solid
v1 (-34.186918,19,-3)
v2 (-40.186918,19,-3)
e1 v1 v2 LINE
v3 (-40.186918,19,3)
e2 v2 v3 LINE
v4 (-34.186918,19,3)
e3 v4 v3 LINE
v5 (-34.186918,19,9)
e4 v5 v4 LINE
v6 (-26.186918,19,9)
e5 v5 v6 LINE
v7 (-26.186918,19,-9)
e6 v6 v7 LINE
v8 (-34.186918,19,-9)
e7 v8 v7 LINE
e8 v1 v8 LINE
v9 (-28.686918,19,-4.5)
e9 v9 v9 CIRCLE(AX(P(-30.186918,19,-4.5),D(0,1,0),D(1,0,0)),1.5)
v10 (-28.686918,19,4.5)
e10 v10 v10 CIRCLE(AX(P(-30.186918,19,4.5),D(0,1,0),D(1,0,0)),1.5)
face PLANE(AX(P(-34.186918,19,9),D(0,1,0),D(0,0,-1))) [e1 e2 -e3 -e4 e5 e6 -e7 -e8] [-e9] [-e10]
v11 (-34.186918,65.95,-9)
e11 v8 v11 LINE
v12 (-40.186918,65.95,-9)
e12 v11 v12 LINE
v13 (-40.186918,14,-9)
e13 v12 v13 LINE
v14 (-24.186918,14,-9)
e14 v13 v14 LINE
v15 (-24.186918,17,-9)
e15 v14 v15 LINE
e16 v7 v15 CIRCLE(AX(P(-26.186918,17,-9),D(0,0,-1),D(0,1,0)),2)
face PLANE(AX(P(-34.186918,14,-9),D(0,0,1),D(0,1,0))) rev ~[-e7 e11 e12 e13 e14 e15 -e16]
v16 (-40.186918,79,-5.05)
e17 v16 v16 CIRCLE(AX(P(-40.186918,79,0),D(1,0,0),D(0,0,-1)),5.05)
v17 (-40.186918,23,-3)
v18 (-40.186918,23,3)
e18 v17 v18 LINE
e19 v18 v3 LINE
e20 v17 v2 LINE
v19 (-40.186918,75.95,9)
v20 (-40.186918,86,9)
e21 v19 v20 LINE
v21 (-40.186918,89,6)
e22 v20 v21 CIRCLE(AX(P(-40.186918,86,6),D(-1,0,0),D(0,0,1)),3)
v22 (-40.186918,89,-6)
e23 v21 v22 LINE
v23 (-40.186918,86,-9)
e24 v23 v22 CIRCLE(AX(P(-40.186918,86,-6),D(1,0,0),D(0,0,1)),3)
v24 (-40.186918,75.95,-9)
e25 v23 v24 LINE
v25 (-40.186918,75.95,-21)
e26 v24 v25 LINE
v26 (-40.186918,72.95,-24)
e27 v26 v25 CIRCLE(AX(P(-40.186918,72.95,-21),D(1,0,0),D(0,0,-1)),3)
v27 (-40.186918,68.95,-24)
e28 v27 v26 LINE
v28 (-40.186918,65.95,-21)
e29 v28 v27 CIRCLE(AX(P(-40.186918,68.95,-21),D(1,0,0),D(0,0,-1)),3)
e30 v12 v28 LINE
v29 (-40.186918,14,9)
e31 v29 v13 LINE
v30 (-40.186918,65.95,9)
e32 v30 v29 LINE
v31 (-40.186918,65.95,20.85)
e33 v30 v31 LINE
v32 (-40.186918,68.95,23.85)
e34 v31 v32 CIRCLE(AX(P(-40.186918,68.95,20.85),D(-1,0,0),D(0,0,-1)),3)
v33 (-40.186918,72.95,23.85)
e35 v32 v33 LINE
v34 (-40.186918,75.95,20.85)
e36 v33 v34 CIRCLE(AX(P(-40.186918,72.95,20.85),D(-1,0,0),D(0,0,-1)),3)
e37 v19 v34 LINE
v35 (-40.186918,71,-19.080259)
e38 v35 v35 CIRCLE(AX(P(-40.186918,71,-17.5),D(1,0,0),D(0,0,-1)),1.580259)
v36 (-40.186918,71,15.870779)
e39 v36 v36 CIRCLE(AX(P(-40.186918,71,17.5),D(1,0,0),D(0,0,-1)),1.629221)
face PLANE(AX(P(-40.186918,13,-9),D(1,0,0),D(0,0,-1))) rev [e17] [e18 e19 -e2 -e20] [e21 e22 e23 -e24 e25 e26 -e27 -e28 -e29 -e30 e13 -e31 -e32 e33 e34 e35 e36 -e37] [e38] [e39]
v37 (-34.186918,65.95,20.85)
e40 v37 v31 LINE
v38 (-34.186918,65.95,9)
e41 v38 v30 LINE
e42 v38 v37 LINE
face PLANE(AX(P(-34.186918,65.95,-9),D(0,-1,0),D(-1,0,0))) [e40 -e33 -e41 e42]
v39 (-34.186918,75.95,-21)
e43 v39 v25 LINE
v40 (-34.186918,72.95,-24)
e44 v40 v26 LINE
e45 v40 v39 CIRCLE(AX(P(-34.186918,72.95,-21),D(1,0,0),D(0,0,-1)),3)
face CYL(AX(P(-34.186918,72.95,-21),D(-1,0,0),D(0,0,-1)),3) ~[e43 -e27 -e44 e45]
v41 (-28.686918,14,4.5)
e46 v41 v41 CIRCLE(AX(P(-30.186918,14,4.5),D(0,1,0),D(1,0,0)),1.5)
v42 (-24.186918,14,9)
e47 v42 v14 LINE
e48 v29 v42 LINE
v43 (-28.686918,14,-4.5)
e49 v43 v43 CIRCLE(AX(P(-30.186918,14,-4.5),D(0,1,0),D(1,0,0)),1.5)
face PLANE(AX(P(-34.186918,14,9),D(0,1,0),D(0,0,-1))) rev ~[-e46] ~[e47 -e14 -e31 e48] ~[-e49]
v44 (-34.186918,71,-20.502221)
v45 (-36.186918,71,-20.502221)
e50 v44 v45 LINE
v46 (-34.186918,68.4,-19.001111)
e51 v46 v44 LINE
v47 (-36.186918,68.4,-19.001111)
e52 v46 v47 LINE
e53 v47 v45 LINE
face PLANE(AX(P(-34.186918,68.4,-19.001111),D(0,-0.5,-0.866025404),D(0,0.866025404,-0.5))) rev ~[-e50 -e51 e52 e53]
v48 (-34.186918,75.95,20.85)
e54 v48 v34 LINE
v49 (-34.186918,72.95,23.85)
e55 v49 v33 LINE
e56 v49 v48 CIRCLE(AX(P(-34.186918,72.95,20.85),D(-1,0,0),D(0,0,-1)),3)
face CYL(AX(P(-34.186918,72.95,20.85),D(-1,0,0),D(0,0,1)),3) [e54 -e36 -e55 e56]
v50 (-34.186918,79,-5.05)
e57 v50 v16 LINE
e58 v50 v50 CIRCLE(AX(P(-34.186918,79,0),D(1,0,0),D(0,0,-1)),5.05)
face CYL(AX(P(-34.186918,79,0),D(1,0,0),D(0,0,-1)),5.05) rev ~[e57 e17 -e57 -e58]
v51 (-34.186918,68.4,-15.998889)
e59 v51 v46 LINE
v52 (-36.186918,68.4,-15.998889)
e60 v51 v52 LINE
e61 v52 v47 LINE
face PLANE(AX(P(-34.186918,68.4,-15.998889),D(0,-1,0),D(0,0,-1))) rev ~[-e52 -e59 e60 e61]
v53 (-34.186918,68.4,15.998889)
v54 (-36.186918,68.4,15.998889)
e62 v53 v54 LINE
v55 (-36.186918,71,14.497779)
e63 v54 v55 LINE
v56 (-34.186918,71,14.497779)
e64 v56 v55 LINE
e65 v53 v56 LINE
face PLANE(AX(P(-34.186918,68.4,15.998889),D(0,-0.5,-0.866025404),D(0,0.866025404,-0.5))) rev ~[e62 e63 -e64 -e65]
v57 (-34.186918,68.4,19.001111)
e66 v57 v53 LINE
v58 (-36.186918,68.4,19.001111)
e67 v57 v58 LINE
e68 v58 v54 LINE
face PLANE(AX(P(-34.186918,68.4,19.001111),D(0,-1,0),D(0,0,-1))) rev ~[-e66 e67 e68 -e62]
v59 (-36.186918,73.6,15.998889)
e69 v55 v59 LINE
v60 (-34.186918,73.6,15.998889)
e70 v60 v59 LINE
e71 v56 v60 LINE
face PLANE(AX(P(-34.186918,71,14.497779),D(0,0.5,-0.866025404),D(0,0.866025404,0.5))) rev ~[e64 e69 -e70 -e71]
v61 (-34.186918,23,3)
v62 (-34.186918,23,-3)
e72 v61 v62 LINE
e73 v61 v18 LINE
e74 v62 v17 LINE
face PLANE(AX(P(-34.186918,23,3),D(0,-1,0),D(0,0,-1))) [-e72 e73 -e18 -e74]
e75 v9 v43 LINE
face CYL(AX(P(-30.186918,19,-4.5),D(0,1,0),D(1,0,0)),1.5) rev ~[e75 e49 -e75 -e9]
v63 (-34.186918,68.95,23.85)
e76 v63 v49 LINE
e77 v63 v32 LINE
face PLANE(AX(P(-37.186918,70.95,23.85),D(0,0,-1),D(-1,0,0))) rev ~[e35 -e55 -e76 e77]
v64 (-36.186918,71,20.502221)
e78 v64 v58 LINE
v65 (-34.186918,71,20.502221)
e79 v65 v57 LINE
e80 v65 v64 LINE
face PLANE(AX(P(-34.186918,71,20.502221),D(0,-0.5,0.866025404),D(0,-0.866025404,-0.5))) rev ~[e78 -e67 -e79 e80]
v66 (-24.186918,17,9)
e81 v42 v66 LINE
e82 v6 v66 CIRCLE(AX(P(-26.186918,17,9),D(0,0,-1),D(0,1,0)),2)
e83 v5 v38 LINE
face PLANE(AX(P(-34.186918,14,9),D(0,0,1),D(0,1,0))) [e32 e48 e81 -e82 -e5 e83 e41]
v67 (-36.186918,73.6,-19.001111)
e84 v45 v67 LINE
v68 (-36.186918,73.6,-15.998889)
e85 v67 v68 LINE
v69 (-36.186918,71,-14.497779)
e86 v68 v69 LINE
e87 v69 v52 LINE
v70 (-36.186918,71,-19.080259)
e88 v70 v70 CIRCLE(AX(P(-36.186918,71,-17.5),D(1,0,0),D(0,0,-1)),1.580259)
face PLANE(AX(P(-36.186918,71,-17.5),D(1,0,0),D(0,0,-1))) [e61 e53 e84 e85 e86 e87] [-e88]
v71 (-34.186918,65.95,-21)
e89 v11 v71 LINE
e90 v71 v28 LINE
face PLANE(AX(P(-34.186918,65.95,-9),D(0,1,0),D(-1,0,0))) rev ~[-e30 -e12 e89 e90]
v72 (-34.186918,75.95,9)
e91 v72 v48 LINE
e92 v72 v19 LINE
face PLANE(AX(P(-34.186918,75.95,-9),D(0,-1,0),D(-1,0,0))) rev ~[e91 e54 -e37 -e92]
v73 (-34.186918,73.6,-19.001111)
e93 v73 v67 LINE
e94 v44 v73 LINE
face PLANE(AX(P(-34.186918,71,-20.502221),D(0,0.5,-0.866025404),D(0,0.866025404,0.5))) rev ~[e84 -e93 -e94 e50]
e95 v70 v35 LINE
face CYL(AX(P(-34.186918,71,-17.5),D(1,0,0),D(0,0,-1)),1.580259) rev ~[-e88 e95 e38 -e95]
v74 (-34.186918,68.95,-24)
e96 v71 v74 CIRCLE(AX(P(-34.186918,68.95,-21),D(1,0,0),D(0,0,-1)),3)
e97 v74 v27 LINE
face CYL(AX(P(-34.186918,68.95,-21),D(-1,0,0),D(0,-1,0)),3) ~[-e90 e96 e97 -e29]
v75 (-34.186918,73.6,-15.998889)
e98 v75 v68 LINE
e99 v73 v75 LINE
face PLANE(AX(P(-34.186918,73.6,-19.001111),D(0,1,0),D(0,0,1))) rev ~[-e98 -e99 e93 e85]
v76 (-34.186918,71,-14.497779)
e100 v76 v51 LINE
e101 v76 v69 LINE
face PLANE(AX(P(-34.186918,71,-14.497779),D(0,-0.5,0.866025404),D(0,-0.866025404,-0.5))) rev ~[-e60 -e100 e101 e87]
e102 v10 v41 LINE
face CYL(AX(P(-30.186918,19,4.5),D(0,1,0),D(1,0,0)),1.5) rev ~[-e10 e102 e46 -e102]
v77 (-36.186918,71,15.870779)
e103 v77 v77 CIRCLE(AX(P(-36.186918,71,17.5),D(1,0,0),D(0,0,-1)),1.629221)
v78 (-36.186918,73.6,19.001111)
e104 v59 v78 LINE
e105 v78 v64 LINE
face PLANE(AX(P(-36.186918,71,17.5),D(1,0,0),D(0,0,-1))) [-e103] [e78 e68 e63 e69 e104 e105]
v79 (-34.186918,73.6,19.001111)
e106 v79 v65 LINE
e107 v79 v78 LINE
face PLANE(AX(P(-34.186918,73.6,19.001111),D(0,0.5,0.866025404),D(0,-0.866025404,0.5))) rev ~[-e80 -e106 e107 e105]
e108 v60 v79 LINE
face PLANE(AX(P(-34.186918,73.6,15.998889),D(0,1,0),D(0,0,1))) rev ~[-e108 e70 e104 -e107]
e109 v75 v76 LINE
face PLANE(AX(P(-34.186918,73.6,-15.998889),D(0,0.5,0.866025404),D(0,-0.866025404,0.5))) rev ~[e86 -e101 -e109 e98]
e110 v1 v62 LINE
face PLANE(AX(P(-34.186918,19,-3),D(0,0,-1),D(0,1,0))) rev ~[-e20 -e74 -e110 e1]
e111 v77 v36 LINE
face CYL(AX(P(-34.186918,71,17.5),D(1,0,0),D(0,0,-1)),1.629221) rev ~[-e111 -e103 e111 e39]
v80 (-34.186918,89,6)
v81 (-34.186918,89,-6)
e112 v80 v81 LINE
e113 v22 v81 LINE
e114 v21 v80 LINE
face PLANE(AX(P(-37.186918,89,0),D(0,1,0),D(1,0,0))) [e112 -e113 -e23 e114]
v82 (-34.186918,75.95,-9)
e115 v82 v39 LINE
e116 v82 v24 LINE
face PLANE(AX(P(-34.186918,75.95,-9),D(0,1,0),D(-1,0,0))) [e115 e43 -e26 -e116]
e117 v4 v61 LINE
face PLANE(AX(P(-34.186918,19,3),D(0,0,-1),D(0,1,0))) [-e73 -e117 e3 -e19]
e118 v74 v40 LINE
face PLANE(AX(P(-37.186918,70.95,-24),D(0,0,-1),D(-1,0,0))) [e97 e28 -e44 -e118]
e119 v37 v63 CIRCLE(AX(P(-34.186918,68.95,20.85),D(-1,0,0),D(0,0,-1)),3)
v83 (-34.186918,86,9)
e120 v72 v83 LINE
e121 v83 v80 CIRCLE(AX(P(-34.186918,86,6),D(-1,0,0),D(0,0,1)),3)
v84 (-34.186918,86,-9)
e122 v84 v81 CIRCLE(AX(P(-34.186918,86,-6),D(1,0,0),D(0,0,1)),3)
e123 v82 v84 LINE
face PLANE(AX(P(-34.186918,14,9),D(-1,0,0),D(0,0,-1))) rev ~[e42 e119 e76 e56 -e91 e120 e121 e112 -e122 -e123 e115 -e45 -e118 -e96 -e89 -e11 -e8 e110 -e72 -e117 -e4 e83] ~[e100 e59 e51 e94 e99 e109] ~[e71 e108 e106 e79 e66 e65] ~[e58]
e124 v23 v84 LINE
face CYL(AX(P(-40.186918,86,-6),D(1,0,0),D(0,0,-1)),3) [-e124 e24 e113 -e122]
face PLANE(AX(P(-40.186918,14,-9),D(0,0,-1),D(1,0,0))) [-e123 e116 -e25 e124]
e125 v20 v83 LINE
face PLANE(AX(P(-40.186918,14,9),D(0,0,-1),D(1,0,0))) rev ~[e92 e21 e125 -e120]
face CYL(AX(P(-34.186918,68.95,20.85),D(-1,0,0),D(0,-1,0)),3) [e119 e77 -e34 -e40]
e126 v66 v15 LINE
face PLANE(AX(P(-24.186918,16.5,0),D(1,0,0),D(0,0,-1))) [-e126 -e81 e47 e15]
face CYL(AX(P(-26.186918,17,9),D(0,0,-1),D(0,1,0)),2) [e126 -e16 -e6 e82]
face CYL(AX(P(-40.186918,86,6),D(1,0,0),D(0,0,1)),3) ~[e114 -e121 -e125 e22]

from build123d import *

# Parameters (mm, degrees)
SKETCH1_R                 = 17.45
SKETCH1_R_2               = 12.45
BOSS_EXTRUDE1_DEPTH       = 8
SKETCH2_R                 = 20
SKETCH2_R_2               = 12.45
BOSS_EXTRUDE2_DEPTH       = 2
SKETCH3_R                 = 32.5
SKETCH3_R_2               = 12.45
BOSS_EXTRUDE3_DEPTH       = 4
FILLET1_R                 = 1
BOSS_EXTRUDE6_START       = -4
SKETCH10_W                = 10
SKETCH10_H                = 18
BOSS_EXTRUDE6_DEPTH       = 4
SKETCH4_W                 = 6
SKETCH4_H                 = 18
BOSS_EXTRUDE4_DEPTH       = 75
BOSS_EXTRUDE4_DEPTH_BACK  = 4
SKETCH5_R                 = 5.05
CUT_EXTRUDE1_DEPTH        = 306
CUT_EXTRUDE1_DEPTH_BACK   = 113
SKETCH6_W                 = 6
SKETCH6_H                 = 10
BOSS_EXTRUDE5_DEPTH       = 15
BOSS_EXTRUDE5_DEPTH_BACK  = 32.85
SKETCH7_R                 = 1.629220746
SKETCH7_R_2               = 1.580258945
CUT_EXTRUDE2_DEPTH        = 10
SKETCH9_R                 = 5.05
CUT_EXTRUDE3_DEPTH        = 10
CUT_EXTRUDE3_DEPTH_BACK   = 10
SKETCH11_W                = 9.782596874
SKETCH11_H                = 3.234517514
CUT_EXTRUDE4_DEPTH        = 123
CUT_EXTRUDE4_DEPTH_BACK   = 61
FILLET4_R                 = 3
FILLET5_R                 = 3
SKETCH12_W                = 108.791398151
SKETCH12_H                = 24.041848298
CUT_EXTRUDE5_DEPTH        = 110.678
SKETCH15_R                = 22
CUT_EXTRUDE7_DEPTH        = 4
SKETCH13_R                = 22
SKETCH13_R_2              = 11
SKETCH13_R_3              = 2.75
BOSS_EXTRUDE7_DEPTH       = 4
FILLET6_R                 = 3
CUT_EXTRUDE8_DEPTH        = 5
FILLET7_R                 = 1
BOSS_EXTRUDE8_START       = -3
BOSS_EXTRUDE8_DEPTH       = 9.4
FILLET8_R                 = 3
FILLET8_OF_MIRROR2_R      = 3
CUT_EXTRUDE12_START       = -6
SKETCH21_R                = 6.05
CUT_EXTRUDE12_DEPTH       = 3.8
SKETCH18_W                = 88.746975794
SKETCH18_H                = 20.386854219
CUT_EXTRUDE9_DEPTH        = 10
SKETCH19_W                = 6
SKETCH19_H                = 10.45
BOSS_EXTRUDE9_DEPTH       = 5
FILLET9_R                 = 2
CUT_EXTRUDE13_DEPTH       = 2
SKETCH23_R                = 1
CUT_EXTRUDE14_DEPTH       = 11
CUT_EXTRUDE16_DEPTH       = 1.7
CUT_EXTRUDE17_DEPTH       = 30
CUT_EXTRUDE17_DEPTH_BACK  = 70
SKETCH27_W                = 18
SKETCH27_H                = 5
BOSS_EXTRUDE10_DEPTH      = 10
BOSS_EXTRUDE10_DEPTH_BACK = 6
FILLET10_R                = 2
SKETCH28_W                = 6
SKETCH28_H                = 4
CUT_EXTRUDE18_DEPTH       = 10
SKETCH29_R                = 1.5
CUT_EXTRUDE19_DEPTH       = 100


with BuildPart() as part:
    # Sketch1 → Boss-Extrude1 (new body)
    with BuildSketch(Plane(origin=(0, 0, 0), x_dir=(1, 0, 0), z_dir=(0, 1, 0))):
        Circle(SKETCH1_R)
        Circle(SKETCH1_R_2, mode=Mode.SUBTRACT)
    extrude(amount=BOSS_EXTRUDE1_DEPTH)

    # Sketch2 → Boss-Extrude2 (add)
    with BuildSketch(Plane(origin=(0, 8, 0), x_dir=(1, 0, 0), z_dir=(0, 1, 0))):
        Circle(SKETCH2_R)
        Circle(SKETCH2_R_2, mode=Mode.SUBTRACT)
    extrude(amount=BOSS_EXTRUDE2_DEPTH)

    # Sketch3 → Boss-Extrude3 (add)
    with BuildSketch(Plane(origin=(0, 10, 0), x_dir=(1, 0, 0), z_dir=(0, 1, 0))):
        Circle(SKETCH3_R)
        Circle(SKETCH3_R_2, mode=Mode.SUBTRACT)
    extrude(amount=BOSS_EXTRUDE3_DEPTH)

    # Fillet1
    fillet1_edges = [part.edges().sort_by_distance(p)[0] for p in [
        (-32.5, 14, 0),
    ]]
    fillet(fillet1_edges, radius=FILLET1_R)

    # Sketch10 → Boss-Extrude6 (add)
    with BuildSketch(Plane(origin=(0, 14, 0), x_dir=(1, 0, 0), z_dir=(0, 1, 0)).offset(BOSS_EXTRUDE6_START)):
        with Locations((35.186917696, 0)):
            Rectangle(SKETCH10_W, SKETCH10_H)
        with Locations((-35.186917696, 0)):
            Rectangle(SKETCH10_W, SKETCH10_H)
    extrude(amount=BOSS_EXTRUDE6_DEPTH)

    # Sketch4 → Boss-Extrude4 (add, two sides)
    with BuildSketch(Plane(origin=(0, 14, 0), x_dir=(1, 0, 0), z_dir=(0, 1, 0))) as boss_extrude4_sk:
        with Locations((-37.186917696, 0)):
            Rectangle(SKETCH4_W, SKETCH4_H)
        with Locations((37.186917696, 0)):
            Rectangle(SKETCH4_W, SKETCH4_H)
    extrude(amount=BOSS_EXTRUDE4_DEPTH)
    extrude(boss_extrude4_sk.sketch, amount=-BOSS_EXTRUDE4_DEPTH_BACK)

    # Sketch5 → Cut-Extrude1 (cut, two sides)
    with BuildSketch(Plane.ZY.offset(-34.186917696)) as cut_extrude1_sk:
        with Locations((0, 79)):
            Circle(SKETCH5_R)
    extrude(amount=CUT_EXTRUDE1_DEPTH, mode=Mode.SUBTRACT)
    extrude(cut_extrude1_sk.sketch, amount=-CUT_EXTRUDE1_DEPTH_BACK, mode=Mode.SUBTRACT)

    # Sketch6 → Boss-Extrude5 (add, two sides)
    with BuildSketch(Plane(origin=(0, 0, -9), x_dir=(-1, 0, 0), z_dir=(0, 0, -1))) as boss_extrude5_sk:
        with Locations((37.186917696, 70.95)):
            Rectangle(SKETCH6_W, SKETCH6_H)
    extrude(amount=BOSS_EXTRUDE5_DEPTH)
    extrude(boss_extrude5_sk.sketch, amount=-BOSS_EXTRUDE5_DEPTH_BACK)

    # Sketch7 → Cut-Extrude2 (cut)
    with BuildSketch(Plane(origin=(-34.186917696, 0, 0), x_dir=(0, 0, -1), z_dir=(1, 0, 0))):
        with Locations((-17.5, 71)):
            Circle(SKETCH7_R)
        with Locations((17.5, 71)):
            Circle(SKETCH7_R_2)
    extrude(amount=-CUT_EXTRUDE2_DEPTH, mode=Mode.SUBTRACT)

    # Sketch9 → Cut-Extrude3 (cut, two sides)
    with BuildSketch(Plane(origin=(-34.186917696, 0, 0), x_dir=(0, 0, -1), z_dir=(1, 0, 0))) as cut_extrude3_sk:
        with Locations((0, 79)):
            Circle(SKETCH9_R)
    extrude(amount=CUT_EXTRUDE3_DEPTH, mode=Mode.SUBTRACT)
    extrude(cut_extrude3_sk.sketch, amount=-CUT_EXTRUDE3_DEPTH_BACK, mode=Mode.SUBTRACT)

    # Sketch11 → Cut-Extrude4 (cut, two sides)
    with BuildSketch(Plane.ZY.offset(-34.186917696)) as cut_extrude4_sk:
        with Locations((0, 15.617258757)):
            Rectangle(SKETCH11_W, SKETCH11_H)
    extrude(amount=CUT_EXTRUDE4_DEPTH, mode=Mode.SUBTRACT)
    extrude(cut_extrude4_sk.sketch, amount=-CUT_EXTRUDE4_DEPTH_BACK, mode=Mode.SUBTRACT)

    # Fillet4
    fillet4_edges = [part.edges().sort_by_distance(p)[0] for p in [
        (-37.186917696, 65.95, 23.85),
        (-37.186917696, 75.95, 23.85),
        (-37.186917696, 65.95, -24),
        (-37.186917696, 75.95, -24),
        (-37.186917696, 89, -9),
        (-37.186917696, 89, 9),
    ]]
    fillet(fillet4_edges, radius=FILLET4_R)

    # Fillet5
    fillet5_edges = [part.edges().sort_by_distance(p)[0] for p in [
        (40.186917696, 10, 0),
        (-40.186917696, 10, 0),
    ]]
    fillet(fillet5_edges, radius=FILLET5_R)

    # Sketch12 → Cut-Extrude5 (cut)
    with BuildSketch(Plane(origin=(40.186917696, 0, 0), x_dir=(0, 0, -1), z_dir=(1, 0, 0))):
        with Locations((-12.502918017, -2.020924149)):
            Rectangle(SKETCH12_W, SKETCH12_H)
    extrude(amount=-CUT_EXTRUDE5_DEPTH, mode=Mode.SUBTRACT)

    # Sketch15 → Cut-Extrude7 (cut)
    with BuildSketch(Plane(origin=(0, 14, 0), x_dir=(1, 0, 0), z_dir=(0, 1, 0))):
        Circle(SKETCH15_R)
    extrude(amount=-CUT_EXTRUDE7_DEPTH, mode=Mode.SUBTRACT)

    # Sketch13 → Boss-Extrude7 (add)
    with BuildSketch(Plane(origin=(0, 14, 0), x_dir=(1, 0, 0), z_dir=(0, 1, 0))):
        Circle(SKETCH13_R)
        Circle(SKETCH13_R_2, mode=Mode.SUBTRACT)
        with Locations((0, 17.5)):
            Circle(SKETCH13_R_3, mode=Mode.SUBTRACT)
        with Locations((-15.155444566, -8.75)):
            Circle(SKETCH13_R_3, mode=Mode.SUBTRACT)
        with Locations((15.155444566, -8.75)):
            Circle(SKETCH13_R_3, mode=Mode.SUBTRACT)
    extrude(amount=-BOSS_EXTRUDE7_DEPTH)

    # Fillet6
    fillet6_edges = [part.edges().sort_by_distance(p)[0] for p in [
        (37.186917696, 89, 9),
        (37.186917696, 89, -9),
    ]]
    fillet(fillet6_edges, radius=FILLET6_R)

    # Sketch16 → Cut-Extrude8 (cut)
    with BuildSketch(Plane.XZ.offset(-10)):
        with BuildLine():
            Line((-31.228992939, 9), (-20.29384143, 9))
            ThreePointArc((-20.29384143, 9), (0, 22.2), (20.29384143, 9))
            Line((20.29384143, 9), (31.228992939, 9))
            ThreePointArc((31.228992939, 9), (0, 32.5), (-31.228992939, 9))
        make_face()
    cut_extrude8 = extrude(amount=-CUT_EXTRUDE8_DEPTH, mode=Mode.SUBTRACT)

    # Mirror1: Cut-Extrude8 across plane
    add(cut_extrude8.mirror(Plane.XY), mode=Mode.SUBTRACT)

    # Fillet7
    fillet7_edges = [part.edges().sort_by_distance(p)[0] for p in [
        (0, 14, 22.2),
        (0, 14, -22.2),
    ]]
    fillet(fillet7_edges, radius=FILLET7_R)

    # Sketch17 → Boss-Extrude8 (add)
    with BuildSketch(Plane.XZ.offset(-10).offset(BOSS_EXTRUDE8_START)):
        with BuildLine():
            Line((20.29384143, -9), (40.186917696, -9))
            Line((40.186917696, -9), (40.186917696, 9))
            Line((40.186917696, 9), (20.29384143, 9))
            ThreePointArc((20.29384143, 9), (22.2, 0), (20.29384143, -9))
        make_face()
    boss_extrude8 = extrude(amount=BOSS_EXTRUDE8_DEPTH)

    # Fillet8
    fillet8_edges = [part.edges().sort_by_distance(p)[0] for p in [
        (40.186917696, 3.6, 0),
    ]]
    fillet(fillet8_edges, radius=FILLET8_R)

    # Mirror2: Boss-Extrude8 across plane
    add(boss_extrude8.mirror(Plane(origin=(0, 0, 0), x_dir=(0, 0, 1), z_dir=(1, 0, 0))))

    # Fillet8 of Mirror2
    fillet8_of_mirror2_edges = [part.edges().sort_by_distance(p)[0] for p in [
        (-40.186917696, 3.6, 0),
    ]]
    fillet(fillet8_of_mirror2_edges, radius=FILLET8_OF_MIRROR2_R)

    # Sketch21 → Cut-Extrude12 (cut)
    with BuildSketch(Plane(origin=(40.186917696, 0, 0), x_dir=(0, 0, -1), z_dir=(1, 0, 0)).offset(CUT_EXTRUDE12_START)):
        with Locations((0, 79)):
            Circle(SKETCH21_R)
    extrude(amount=CUT_EXTRUDE12_DEPTH, mode=Mode.SUBTRACT)

    # Sketch18 → Cut-Extrude9 (cut)
    with BuildSketch(Plane(origin=(40.186917696, 0, 0), x_dir=(0, 0, -1), z_dir=(1, 0, 0))):
        with Locations((0, 89.193427109)):
            Rectangle(SKETCH18_W, SKETCH18_H)
    extrude(amount=-CUT_EXTRUDE9_DEPTH, mode=Mode.SUBTRACT)

    # Sketch19 → Boss-Extrude9 (add)
    with BuildSketch(Plane(origin=(0, 79, 0), x_dir=(1, 0, 0), z_dir=(0, 1, 0))):
        with Locations((37.186917696, -11.275)):
            Rectangle(SKETCH19_W, SKETCH19_H)
        with Locations((37.186917696, 11.275)):
            Rectangle(SKETCH19_W, SKETCH19_H)
    extrude(amount=-BOSS_EXTRUDE9_DEPTH)

    # Fillet9
    fillet9_edges = [part.edges().sort_by_distance(p)[0] for p in [
        (37.186917696, 74, 16.5),
        (37.186917696, 74, -16.5),
    ]]
    fillet(fillet9_edges, radius=FILLET9_R)

    # Sketch22 → Cut-Extrude13 (cut)
    with BuildSketch(Plane(origin=(-34.186917696, 0, 0), x_dir=(0, 0, -1), z_dir=(1, 0, 0))):
        Polygon((-15.9988893, 68.4), (-14.4977786, 71), (-15.9988893, 73.6), (-19.0011107, 73.6), (-20.5022214, 71), (-19.0011107, 68.4), align=None)
        Polygon((20.5022214, 71), (19.0011107, 73.6), (15.9988893, 73.6), (14.4977786, 71), (15.9988893, 68.4), (19.0011107, 68.4), align=None)
    extrude(amount=-CUT_EXTRUDE13_DEPTH, mode=Mode.SUBTRACT)

    # Sketch23 → Cut-Extrude14 (cut)
    with BuildSketch(Plane(origin=(0, 79, 0), x_dir=(1, 0, 0), z_dir=(0, 1, 0))):
        with Locations((37.186917696, -12.3)):
            Circle(SKETCH23_R)
        with Locations((37.186917696, 12.3)):
            Circle(SKETCH23_R)
    extrude(amount=-CUT_EXTRUDE14_DEPTH, mode=Mode.SUBTRACT)

    # Sketch24 → Cut-Extrude16 (cut)
    with BuildSketch(Plane.XZ.offset(-74)):
        Polygon((37.186917696, 9.990598923), (39.186917696, 11.145299462), (39.186917696, 13.454700538), (37.186917696, 14.609401077), (35.186917696, 13.454700538), (35.186917696, 11.145299462), align=None)
        Polygon((37.186917696, -14.609401077), (39.186917696, -13.454700538), (39.186917696, -11.145299462), (37.186917696, -9.990598923), (35.186917696, -11.145299462), (35.186917696, -13.454700538), align=None)
    extrude(amount=-CUT_EXTRUDE16_DEPTH, mode=Mode.SUBTRACT)

    # Sketch26 → Cut-Extrude17 (cut, two sides)
    with BuildSketch(Plane(origin=(0, 0, -9), x_dir=(-1, 0, 0), z_dir=(0, 0, -1))) as cut_extrude17_sk:
        Polygon((34.186917696, 14), (34.186917696, 94.491380316), (-54.251567272, 94.491380316), (-54.251567272, -8.918618382), (55.508733715, -8.918618382), (55.508733715, 14), align=None)
    extrude(amount=CUT_EXTRUDE17_DEPTH, mode=Mode.SUBTRACT)
    extrude(cut_extrude17_sk.sketch, amount=-CUT_EXTRUDE17_DEPTH_BACK, mode=Mode.SUBTRACT)

    # Sketch27 → Boss-Extrude10 (add, two sides)
    with BuildSketch(Plane(origin=(-34.186917696, 0, 0), x_dir=(0, 0, -1), z_dir=(1, 0, 0))) as boss_extrude10_sk:
        with Locations((0, 16.5)):
            Rectangle(SKETCH27_W, SKETCH27_H)
    extrude(amount=BOSS_EXTRUDE10_DEPTH)
    extrude(boss_extrude10_sk.sketch, amount=-BOSS_EXTRUDE10_DEPTH_BACK)

    # Fillet10
    fillet10_edges = [part.edges().sort_by_distance(p)[0] for p in [
        (-24.186917696, 19, 0),
    ]]
    fillet(fillet10_edges, radius=FILLET10_R)

    # Sketch28 → Cut-Extrude18 (cut)
    with BuildSketch(Plane(origin=(-34.186917696, 0, 0), x_dir=(0, 0, -1), z_dir=(1, 0, 0))):
        with Locations((0, 21)):
            Rectangle(SKETCH28_W, SKETCH28_H)
    extrude(amount=-CUT_EXTRUDE18_DEPTH, mode=Mode.SUBTRACT)

    # Sketch29 → Cut-Extrude19 (cut)
    with BuildSketch(Plane(origin=(0, 19, 0), x_dir=(1, 0, 0), z_dir=(0, 1, 0))):
        with Locations((-30.186917696, -4.5)):
            Circle(SKETCH29_R)
        with Locations((-30.186917696, 4.5)):
            Circle(SKETCH29_R)
    extrude(amount=-CUT_EXTRUDE19_DEPTH, mode=Mode.SUBTRACT)


solid = part.part
